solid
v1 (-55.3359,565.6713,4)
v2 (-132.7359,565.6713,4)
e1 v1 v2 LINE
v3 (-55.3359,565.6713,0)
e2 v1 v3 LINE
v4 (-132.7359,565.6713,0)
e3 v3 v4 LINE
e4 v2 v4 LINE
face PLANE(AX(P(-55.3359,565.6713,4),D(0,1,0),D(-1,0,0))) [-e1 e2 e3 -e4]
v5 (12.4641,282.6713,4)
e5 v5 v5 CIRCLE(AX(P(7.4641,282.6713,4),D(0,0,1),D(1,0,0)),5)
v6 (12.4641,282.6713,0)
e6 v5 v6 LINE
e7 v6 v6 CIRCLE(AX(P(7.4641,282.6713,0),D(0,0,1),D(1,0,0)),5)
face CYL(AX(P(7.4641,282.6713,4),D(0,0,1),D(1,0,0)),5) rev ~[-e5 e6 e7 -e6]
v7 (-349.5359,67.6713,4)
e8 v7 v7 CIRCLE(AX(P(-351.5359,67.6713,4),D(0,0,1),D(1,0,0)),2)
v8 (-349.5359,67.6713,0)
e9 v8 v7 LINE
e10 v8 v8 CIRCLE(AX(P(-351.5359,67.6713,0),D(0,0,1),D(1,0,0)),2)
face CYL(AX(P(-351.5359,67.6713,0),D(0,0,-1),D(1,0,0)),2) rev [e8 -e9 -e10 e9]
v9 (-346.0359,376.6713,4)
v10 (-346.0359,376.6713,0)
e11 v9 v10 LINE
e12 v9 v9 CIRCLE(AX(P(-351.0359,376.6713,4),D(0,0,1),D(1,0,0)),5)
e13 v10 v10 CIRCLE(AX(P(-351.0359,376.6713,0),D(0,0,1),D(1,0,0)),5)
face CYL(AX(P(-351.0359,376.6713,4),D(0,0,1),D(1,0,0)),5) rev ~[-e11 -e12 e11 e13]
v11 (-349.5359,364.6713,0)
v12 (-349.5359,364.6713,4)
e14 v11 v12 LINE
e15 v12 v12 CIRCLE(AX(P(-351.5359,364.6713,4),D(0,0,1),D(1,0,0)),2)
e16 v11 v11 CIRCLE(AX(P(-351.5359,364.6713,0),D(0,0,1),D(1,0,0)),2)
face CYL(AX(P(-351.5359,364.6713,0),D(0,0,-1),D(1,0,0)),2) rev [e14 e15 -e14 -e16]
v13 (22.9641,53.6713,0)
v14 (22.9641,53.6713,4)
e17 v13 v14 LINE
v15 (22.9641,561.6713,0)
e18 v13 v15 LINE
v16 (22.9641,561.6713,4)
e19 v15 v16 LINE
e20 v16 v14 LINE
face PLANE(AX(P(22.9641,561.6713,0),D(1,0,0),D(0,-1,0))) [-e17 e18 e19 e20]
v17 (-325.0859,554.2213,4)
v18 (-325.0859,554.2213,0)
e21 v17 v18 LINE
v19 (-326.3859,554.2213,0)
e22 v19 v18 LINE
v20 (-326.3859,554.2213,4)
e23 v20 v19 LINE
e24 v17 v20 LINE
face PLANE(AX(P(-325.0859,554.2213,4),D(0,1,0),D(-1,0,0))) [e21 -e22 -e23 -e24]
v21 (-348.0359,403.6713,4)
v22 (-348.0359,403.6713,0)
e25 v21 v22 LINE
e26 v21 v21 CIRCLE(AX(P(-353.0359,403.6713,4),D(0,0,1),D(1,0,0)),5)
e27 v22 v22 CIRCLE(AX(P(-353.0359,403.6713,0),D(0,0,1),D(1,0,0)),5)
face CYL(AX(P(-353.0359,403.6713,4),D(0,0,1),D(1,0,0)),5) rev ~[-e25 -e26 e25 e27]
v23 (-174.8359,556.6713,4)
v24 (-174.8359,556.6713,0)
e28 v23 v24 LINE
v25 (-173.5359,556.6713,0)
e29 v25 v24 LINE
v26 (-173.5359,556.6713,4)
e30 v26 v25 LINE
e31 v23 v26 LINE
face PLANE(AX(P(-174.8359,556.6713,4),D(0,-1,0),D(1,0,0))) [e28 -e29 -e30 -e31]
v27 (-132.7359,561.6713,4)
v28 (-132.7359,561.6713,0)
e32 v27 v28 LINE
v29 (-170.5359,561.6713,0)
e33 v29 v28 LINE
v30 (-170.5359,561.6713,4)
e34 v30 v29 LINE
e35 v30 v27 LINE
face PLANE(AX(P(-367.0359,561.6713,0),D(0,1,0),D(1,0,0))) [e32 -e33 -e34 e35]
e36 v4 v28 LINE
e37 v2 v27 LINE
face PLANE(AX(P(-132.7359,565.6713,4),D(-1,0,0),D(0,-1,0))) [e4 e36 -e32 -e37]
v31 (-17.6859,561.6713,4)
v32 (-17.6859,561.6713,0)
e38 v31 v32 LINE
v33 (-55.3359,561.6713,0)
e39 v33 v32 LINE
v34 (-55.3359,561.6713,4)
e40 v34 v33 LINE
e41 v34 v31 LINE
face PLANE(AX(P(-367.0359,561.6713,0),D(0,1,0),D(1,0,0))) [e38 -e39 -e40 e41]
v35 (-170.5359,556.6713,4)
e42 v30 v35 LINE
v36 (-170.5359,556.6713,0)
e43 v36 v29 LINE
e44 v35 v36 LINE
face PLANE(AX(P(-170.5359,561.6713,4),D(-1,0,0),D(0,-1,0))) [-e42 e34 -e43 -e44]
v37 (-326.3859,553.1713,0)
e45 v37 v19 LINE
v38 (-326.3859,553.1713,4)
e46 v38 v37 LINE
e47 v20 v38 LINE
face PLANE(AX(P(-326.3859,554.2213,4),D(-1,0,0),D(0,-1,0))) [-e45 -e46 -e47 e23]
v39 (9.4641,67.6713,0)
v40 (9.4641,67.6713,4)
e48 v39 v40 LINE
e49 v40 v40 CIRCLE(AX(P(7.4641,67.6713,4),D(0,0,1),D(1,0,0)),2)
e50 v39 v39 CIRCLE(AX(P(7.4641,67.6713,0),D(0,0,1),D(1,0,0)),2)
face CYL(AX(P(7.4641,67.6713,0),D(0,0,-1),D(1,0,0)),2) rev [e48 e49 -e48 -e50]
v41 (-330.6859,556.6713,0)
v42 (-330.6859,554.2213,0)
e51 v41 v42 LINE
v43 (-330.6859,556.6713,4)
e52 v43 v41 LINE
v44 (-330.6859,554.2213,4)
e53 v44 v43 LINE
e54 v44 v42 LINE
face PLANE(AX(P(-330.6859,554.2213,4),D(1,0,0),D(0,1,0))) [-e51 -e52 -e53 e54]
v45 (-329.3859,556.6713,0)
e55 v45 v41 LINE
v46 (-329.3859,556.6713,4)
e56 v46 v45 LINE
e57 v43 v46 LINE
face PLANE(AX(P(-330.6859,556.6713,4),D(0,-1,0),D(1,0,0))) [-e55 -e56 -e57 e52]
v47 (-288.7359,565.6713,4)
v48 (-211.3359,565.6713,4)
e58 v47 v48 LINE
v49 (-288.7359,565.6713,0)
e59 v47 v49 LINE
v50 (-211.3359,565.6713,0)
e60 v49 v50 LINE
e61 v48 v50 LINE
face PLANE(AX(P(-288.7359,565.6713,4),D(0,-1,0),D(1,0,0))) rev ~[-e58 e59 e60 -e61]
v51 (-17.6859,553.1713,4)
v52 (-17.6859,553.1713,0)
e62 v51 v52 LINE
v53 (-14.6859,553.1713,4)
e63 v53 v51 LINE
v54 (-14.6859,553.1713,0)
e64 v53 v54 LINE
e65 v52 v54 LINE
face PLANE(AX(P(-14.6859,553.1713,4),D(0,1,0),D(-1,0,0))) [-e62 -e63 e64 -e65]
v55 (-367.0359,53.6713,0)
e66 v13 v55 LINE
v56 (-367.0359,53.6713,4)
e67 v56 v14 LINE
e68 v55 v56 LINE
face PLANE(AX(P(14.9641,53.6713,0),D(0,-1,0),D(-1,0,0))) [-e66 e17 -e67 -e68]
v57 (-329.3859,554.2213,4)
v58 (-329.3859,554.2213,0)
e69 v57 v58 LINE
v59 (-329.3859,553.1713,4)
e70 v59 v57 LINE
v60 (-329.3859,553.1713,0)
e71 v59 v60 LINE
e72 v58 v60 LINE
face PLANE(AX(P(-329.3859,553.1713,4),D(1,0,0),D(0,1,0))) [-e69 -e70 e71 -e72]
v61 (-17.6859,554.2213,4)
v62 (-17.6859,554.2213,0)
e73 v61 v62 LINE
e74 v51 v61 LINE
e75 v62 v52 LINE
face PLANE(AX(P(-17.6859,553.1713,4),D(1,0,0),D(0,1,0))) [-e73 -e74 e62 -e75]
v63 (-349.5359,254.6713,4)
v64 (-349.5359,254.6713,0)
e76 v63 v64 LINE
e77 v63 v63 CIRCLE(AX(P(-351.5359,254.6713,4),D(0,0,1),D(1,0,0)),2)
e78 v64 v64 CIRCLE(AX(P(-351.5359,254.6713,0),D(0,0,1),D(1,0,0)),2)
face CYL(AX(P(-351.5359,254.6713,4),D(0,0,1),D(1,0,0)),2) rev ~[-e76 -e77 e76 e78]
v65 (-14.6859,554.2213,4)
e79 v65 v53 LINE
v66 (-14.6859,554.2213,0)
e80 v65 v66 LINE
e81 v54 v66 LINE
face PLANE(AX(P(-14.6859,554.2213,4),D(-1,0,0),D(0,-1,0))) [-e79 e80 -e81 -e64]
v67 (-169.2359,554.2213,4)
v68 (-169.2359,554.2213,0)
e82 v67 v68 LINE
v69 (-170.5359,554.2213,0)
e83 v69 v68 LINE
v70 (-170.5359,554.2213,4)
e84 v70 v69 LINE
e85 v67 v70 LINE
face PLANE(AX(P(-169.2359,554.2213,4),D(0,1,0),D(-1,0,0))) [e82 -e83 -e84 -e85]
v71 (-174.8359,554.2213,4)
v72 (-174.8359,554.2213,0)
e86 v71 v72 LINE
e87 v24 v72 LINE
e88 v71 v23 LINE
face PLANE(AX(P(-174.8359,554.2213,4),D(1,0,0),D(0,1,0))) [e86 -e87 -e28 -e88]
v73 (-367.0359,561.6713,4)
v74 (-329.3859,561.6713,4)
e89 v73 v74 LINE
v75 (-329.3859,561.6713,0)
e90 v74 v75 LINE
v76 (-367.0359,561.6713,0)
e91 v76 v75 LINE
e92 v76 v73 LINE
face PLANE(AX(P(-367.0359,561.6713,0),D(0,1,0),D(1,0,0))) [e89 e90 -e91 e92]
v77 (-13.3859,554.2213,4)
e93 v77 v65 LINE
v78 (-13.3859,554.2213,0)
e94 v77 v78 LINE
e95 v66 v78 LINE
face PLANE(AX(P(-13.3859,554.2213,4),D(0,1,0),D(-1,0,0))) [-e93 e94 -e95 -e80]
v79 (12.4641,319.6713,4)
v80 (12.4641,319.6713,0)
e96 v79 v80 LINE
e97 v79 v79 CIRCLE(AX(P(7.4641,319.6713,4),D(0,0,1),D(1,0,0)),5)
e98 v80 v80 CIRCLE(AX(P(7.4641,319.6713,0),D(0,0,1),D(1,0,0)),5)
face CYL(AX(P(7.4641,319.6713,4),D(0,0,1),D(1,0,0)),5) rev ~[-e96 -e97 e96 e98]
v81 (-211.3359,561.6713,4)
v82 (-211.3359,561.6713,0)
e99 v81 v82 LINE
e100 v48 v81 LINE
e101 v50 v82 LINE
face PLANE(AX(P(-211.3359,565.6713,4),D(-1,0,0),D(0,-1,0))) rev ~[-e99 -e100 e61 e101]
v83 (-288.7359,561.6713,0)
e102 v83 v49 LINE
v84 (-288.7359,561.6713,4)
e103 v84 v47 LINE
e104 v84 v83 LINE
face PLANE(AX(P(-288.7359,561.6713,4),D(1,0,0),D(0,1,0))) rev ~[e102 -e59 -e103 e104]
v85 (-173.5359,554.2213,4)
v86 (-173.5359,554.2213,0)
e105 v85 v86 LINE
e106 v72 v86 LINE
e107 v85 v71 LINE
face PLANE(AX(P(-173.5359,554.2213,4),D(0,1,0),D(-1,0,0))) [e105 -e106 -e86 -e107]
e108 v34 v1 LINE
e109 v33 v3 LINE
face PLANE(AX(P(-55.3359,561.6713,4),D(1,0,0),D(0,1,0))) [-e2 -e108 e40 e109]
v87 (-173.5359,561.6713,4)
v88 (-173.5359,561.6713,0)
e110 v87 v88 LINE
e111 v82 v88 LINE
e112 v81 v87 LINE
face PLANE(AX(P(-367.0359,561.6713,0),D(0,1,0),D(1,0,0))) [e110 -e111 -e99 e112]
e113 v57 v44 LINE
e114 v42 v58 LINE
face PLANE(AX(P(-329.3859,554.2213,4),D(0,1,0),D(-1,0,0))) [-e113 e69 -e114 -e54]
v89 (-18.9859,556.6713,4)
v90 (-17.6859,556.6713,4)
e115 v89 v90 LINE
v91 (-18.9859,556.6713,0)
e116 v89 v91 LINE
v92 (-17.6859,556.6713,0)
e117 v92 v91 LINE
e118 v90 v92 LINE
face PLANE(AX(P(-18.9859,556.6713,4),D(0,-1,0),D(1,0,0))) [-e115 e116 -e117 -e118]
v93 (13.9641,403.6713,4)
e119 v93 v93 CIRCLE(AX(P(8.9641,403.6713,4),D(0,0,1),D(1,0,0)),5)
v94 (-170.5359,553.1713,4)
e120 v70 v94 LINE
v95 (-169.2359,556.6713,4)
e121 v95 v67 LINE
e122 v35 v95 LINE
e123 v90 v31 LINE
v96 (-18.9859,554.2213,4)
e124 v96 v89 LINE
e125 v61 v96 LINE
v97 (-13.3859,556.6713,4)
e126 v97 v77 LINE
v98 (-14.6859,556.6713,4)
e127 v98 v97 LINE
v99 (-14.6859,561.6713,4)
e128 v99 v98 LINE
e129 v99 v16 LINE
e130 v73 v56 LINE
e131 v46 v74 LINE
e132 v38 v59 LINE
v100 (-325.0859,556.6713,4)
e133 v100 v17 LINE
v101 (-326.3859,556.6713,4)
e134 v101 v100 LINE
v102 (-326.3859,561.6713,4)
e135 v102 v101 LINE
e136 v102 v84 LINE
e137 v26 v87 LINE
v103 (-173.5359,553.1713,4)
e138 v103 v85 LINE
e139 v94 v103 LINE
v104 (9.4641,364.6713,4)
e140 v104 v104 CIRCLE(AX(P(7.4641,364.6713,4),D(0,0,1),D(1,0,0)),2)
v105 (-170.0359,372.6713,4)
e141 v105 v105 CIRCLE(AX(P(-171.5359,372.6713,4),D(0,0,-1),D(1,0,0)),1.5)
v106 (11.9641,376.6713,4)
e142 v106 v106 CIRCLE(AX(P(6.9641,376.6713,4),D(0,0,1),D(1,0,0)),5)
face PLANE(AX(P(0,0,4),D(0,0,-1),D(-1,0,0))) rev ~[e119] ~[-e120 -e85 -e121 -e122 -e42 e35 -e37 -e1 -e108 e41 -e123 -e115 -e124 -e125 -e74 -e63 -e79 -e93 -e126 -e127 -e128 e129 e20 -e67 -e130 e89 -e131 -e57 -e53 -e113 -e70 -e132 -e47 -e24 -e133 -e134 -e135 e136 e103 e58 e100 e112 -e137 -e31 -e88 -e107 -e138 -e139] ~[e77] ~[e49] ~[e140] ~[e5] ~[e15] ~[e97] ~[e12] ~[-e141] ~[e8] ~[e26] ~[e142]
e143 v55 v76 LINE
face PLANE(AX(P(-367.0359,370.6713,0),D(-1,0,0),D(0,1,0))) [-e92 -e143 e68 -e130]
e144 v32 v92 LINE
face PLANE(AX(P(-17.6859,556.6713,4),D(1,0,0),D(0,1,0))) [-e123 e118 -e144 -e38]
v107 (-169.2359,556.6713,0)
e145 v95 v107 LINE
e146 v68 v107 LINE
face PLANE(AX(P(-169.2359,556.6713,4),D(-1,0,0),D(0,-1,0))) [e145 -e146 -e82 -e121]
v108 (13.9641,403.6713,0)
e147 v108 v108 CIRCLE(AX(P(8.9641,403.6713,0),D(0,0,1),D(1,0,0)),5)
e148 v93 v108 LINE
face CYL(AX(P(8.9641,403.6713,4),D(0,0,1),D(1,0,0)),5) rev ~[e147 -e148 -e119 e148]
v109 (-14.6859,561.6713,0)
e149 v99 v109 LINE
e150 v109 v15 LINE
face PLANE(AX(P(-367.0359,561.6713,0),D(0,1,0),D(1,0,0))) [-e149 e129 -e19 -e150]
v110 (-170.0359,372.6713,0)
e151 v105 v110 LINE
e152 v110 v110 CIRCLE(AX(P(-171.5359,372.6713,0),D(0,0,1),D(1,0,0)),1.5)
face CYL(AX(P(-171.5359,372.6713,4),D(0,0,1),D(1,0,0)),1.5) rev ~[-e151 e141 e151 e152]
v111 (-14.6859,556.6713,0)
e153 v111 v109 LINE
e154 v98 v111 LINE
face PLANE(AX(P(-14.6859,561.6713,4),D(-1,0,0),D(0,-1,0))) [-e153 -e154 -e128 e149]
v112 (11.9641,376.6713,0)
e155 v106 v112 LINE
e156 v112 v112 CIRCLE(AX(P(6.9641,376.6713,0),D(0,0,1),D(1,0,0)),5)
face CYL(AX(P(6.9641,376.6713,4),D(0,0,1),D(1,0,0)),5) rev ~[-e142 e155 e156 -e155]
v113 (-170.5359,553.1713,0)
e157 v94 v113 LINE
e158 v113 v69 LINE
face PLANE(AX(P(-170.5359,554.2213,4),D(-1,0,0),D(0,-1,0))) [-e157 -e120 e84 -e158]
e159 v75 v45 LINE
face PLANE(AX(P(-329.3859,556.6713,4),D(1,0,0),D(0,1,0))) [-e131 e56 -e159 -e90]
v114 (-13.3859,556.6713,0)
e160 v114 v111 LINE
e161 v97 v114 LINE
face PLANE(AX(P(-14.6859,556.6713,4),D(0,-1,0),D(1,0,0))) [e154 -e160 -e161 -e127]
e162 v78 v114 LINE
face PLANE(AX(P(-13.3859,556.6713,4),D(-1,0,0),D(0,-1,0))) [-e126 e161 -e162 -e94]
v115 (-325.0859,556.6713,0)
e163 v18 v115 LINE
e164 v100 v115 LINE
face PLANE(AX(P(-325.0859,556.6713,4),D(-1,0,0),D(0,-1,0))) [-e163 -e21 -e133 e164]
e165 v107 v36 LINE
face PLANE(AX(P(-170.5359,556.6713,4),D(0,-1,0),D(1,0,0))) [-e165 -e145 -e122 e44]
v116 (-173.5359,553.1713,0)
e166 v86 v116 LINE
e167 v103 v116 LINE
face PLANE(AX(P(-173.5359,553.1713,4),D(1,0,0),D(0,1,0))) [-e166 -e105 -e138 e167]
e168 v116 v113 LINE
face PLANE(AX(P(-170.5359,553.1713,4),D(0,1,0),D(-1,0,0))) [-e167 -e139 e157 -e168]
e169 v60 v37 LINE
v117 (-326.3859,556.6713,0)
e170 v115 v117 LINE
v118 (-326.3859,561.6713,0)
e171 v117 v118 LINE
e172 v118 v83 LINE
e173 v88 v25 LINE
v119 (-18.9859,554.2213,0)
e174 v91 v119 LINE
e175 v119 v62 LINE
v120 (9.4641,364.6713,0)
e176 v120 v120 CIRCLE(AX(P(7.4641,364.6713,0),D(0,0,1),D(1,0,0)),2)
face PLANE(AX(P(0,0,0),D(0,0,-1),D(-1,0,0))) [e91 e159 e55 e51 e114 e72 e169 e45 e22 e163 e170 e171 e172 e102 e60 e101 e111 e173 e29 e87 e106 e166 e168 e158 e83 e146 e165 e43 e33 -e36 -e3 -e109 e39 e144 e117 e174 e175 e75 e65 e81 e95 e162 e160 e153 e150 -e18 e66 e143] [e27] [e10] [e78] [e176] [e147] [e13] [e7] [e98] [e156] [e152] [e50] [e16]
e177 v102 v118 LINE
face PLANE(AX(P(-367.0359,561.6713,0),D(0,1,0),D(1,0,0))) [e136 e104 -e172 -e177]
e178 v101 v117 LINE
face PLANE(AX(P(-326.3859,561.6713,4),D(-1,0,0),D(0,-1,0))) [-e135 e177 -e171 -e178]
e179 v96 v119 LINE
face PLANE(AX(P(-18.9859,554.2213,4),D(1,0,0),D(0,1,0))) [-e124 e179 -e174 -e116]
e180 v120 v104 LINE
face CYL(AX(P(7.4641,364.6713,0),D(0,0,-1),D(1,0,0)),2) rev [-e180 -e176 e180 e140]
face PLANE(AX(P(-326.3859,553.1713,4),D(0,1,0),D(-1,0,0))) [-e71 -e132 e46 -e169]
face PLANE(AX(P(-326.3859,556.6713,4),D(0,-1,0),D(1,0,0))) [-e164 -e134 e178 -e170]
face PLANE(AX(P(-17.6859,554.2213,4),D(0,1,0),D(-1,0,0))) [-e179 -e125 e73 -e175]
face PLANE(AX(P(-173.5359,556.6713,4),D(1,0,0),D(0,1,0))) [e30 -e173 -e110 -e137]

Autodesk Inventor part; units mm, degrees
ref_plane "YZ Plane" through (0, 0, 0) normal (1, 0, 0) x (0, 1, 0)
ref_plane "XZ Plane" through (0, 0, 0) normal (0, 1, 0) x (-1, 0, 0)
ref_plane "XY Plane" through (0, 0, 0) normal (0, 0, 1) x (1, 0, 0)
sketch "Эскиз1" plane through (0, 0, 0) normal (0, 0, 1) x (1, 0, 0)
  circle A0 centre (7.4641, 67.6713) radius 2
  circle A1 centre (7.4641, 364.6713) radius 2
  circle A2 centre (-351.5359, 364.6713) radius 2
  circle A3 centre (-351.5359, 67.6713) radius 2
  line L0 (-359.0359, 370.6713) -> (14.9641, 370.6713)
  line L1 (14.9641, 370.6713) -> (14.9641, 53.6713)
  line L2 (14.9641, 53.6713) -> (-359.0359, 53.6713)
  line L3 (-359.0359, 53.6713) -> (-359.0359, 370.6713)
  line L4 (-359.0359, 370.6713) -> (-367.0359, 370.6713)
  line L5 (-367.0359, 370.6713) -> (-367.0359, 53.6713)
  line L6 (-367.0359, 53.6713) -> (-359.0359, 53.6713)
  line L7 (-359.0359, 53.6713) -> (-359.0359, 370.6713)
  line L8 (14.9641, 370.6713) -> (22.9641, 370.6713)
  line L9 (22.9641, 370.6713) -> (22.9641, 53.6713)
  line L10 (22.9641, 53.6713) -> (14.9641, 53.6713)
  line L11 (14.9641, 53.6713) -> (14.9641, 370.6713)
  dimension "d4" = 374
  dimension "d6" = 317
  dimension "d7" = 14
  dimension "d40" = 7.5
  dimension "d41" = 297
  dimension "d42" = 7.5
  dimension "d43" = 7.5
  dimension "d44" = 297
  dimension "d45" = 6
  dimension "d46" = 359
  dimension "d47" = 14
  dimension "d48" = 359
  dimension "d66" = 8
  dimension "d67" = 8
  dimension "d68" = 390
  dimension "d92" = 4
  dimension "d93" = 4
  dimension "d94" = 4
  dimension "d95" = 4
extrude "Выдавливание1" add sketch "Эскиз1" along normal blind 4
sketch "Эскиз3" plane through (0, 0, 4) normal (0, 0, 1) x (1, 0, 0)
  circle A0 centre (7.4641, 319.6713) radius 5
  circle A1 centre (7.4641, 282.6713) radius 5
  circle A2 centre (-351.5359, 254.6713) radius 2
  point P0 (0, 0)
  dimension "d96" = 10
  dimension "d97" = 10
sketch "Эскиз4" plane through (0, 0, 4) normal (0, 0, 1) x (1, 0, 0)
  circle A0 centre (-171.5359, 372.6713) radius 1.5
  line L0 (-182.5359, 370.6713) -> (-179.0359, 378.6713)
  line L1 (-179.0359, 378.6713) -> (-164.0359, 378.6713)
  line L2 (-164.0359, 378.6713) -> (-160.5359, 370.6713)
  line L3 (22.9641, 370.6713) -> (-367.0359, 370.6713)
  line L4 (-171.5359, 372.6713) -> (-171.5359, 378.6713)
  circle A1 centre (-171.5359, 372.6713) radius 1.5
  point P0 (0, 0)
  point P1 (10.9641, 370.6713)
  point P2 (-363.0359, 370.6713)
  dimension "d49" = 8
  dimension "d50" = 22
  dimension "d51" = 15
sketch "Эскиз5" plane through (0, 0, 0) normal (0, 0, -1) x (-1, 0, 0)
  line L0 (-22.9641, 370.6713) -> (367.0359, 370.6713)
  line L1 (-22.9641, 370.6713) -> (367.0359, 370.6713)
  line L2 (367.0359, 370.6713) -> (367.0359, 561.6713)
  line L3 (367.0359, 561.6713) -> (-22.9641, 561.6713)
  line L4 (-22.9641, 561.6713) -> (-22.9641, 370.6713)
  line L5 (367.0359, 370.6713) -> (367.0359, 53.6713)
  line L6 (-22.9641, 53.6713) -> (-22.9641, 370.6713)
  point P0 (0, 0)
  point P1 (363.0359, 370.6713)
  dimension "d69" = 390
  dimension "d70" = 191
extrude "Выдавливание4" add sketch "Эскиз5" against normal blind 4
extrude "Выдавливание5" cut sketch "Эскиз3" against normal blind 4
extrude "Выдавливание6" cut sketch "Эскиз4" against normal blind 5 contours A0
sketch "Эскиз7" plane through (0, 0, 4) normal (0, 0, 1) x (1, 0, 0)
  circle A0 centre (-353.0359, 403.6713) radius 3.75 construction
  circle A1 centre (-351.0359, 376.6713) radius 3.75 construction
  circle A2 centre (8.9641, 403.6713) radius 3.75 construction
  circle A3 centre (6.9641, 376.6713) radius 3.75 construction
  circle A4 centre (8.9641, 403.6713) radius 5
  circle A5 centre (6.9641, 376.6713) radius 5
  circle A6 centre (-353.0359, 403.6713) radius 5
  circle A7 centre (-351.0359, 376.6713) radius 5
  point P0 (0, 0)
  dimension "d71" = 10
  dimension "d72" = 10
  dimension "d73" = 10
  dimension "d74" = 10
extrude "Выдавливание8" cut sketch "Эскиз7" against normal blind 10
sketch "Эскиз8" plane through (0, 0, 4) normal (0, 0, 1) x (1, 0, 0)
  line L0 (-367.0359, 53.6713) -> (-367.0359, 561.6713)
  line L1 (-367.0359, 561.6713) -> (-289.0359, 561.6713)
  line L2 (-289.0359, 561.6713) -> (-289.0359, 565.6713)
  line L3 (-289.0359, 565.6713) -> (-367.0359, 565.6713)
  line L4 (-367.0359, 565.6713) -> (-367.0359, 561.6713)
  line L5 (-367.0359, 561.6713) -> (22.9641, 561.6713)
  line L6 (-288.7359, 565.6713) -> (-211.3359, 565.6713)
  line L7 (-211.3359, 565.6713) -> (-211.3359, 561.6713)
  line L8 (-211.3359, 561.6713) -> (-288.7359, 561.6713)
  line L9 (-288.7359, 561.6713) -> (-288.7359, 565.6713)
  line L10 (-211.0359, 565.6713) -> (-133.0359, 565.6713)
  line L11 (-133.0359, 565.6713) -> (-133.0359, 561.6713)
  line L12 (-133.0359, 561.6713) -> (-211.0359, 561.6713)
  line L13 (-211.0359, 561.6713) -> (-211.0359, 565.6713)
  line L14 (22.9641, 561.6713) -> (-367.0359, 561.6713)
  line L15 (-132.7359, 561.6713) -> (-55.3359, 561.6713)
  line L16 (-55.3359, 561.6713) -> (-55.3359, 565.6713)
  line L17 (-55.3359, 565.6713) -> (-132.7359, 565.6713)
  line L18 (-132.7359, 565.6713) -> (-132.7359, 561.6713)
  line L19 (22.9641, 561.6713) -> (-55.0359, 561.6713)
  line L20 (-55.0359, 561.6713) -> (-55.0359, 565.6713)
  line L21 (-55.0359, 565.6713) -> (22.9641, 565.6713)
  line L22 (22.9641, 565.6713) -> (22.9641, 561.6713)
  point P0 (0, 0)
  dimension "d77" = 78
  dimension "d78" = 4
  dimension "d79" = 4
  dimension "d80" = 0.3
  dimension "d81" = 0.3
  dimension "d82" = 77.4
  dimension "d83" = 78
  dimension "d84" = 0.3
  dimension "d85" = 4
  dimension "d86" = 77.4
  dimension "d87" = 4
  dimension "d88" = 0.3
  dimension "d89" = 78
extrude "Выдавливание9" add sketch "Эскиз8" against normal blind 4 contours L18 L17 L16 L5 | L9 L6 L7 L5
sketch "Эскиз10" plane through (0, 0, 4) normal (0, 0, 1) x (1, 0, 0)
  line L0 (-329.3859, 556.6713) -> (-329.3859, 561.6713)
  line L1 (-330.6859, 556.6713) -> (-329.3859, 556.6713)
  line L2 (-330.6859, 554.2213) -> (-330.6859, 556.6713)
  line L3 (-329.3859, 554.2213) -> (-330.6859, 554.2213)
  line L4 (-326.3859, 553.1713) -> (-329.3859, 553.1713)
  line L5 (-329.3859, 553.1713) -> (-329.3859, 554.2213)
  line L6 (-326.3859, 554.2213) -> (-326.3859, 553.1713)
  line L7 (-325.0859, 554.2213) -> (-326.3859, 554.2213)
  line L8 (-325.0859, 556.6713) -> (-325.0859, 554.2213)
  line L9 (-326.3859, 556.6713) -> (-325.0859, 556.6713)
  line L10 (-326.3859, 561.6713) -> (-326.3859, 556.6713)
  line L11 (-173.5359, 556.6713) -> (-173.5359, 561.6713)
  line L12 (-170.5359, 561.6713) -> (-170.5359, 556.6713)
  line L13 (-174.8359, 556.6713) -> (-173.5359, 556.6713)
  line L14 (-174.8359, 554.2213) -> (-174.8359, 556.6713)
  line L15 (-173.5359, 554.2213) -> (-174.8359, 554.2213)
  line L16 (-173.5359, 553.1713) -> (-173.5359, 554.2213)
  line L17 (-170.5359, 553.1713) -> (-173.5359, 553.1713)
  circle A0 centre (-353.0359, 403.6713) radius 5
  circle A1 centre (8.9641, 403.6713) radius 5
  circle A2 centre (6.9641, 376.6713) radius 5
  circle A3 centre (-351.0359, 376.6713) radius 5
  circle A4 centre (-171.5359, 372.6713) radius 1.5
  circle A5 centre (7.4641, 319.6713) radius 5
  circle A6 centre (-351.5359, 254.6713) radius 2
  circle A7 centre (7.4641, 282.6713) radius 5
  circle A8 centre (-351.5359, 67.6713) radius 2
  circle A9 centre (-351.5359, 364.6713) radius 2
  circle A10 centre (7.4641, 364.6713) radius 2
  circle A11 centre (7.4641, 67.6713) radius 2
  line L18 (-367.0359, 561.6713) -> (-367.0359, 53.6713)
  line L19 (-367.0359, 53.6713) -> (22.9641, 53.6713)
  line L20 (22.9641, 53.6713) -> (22.9641, 561.6713)
  line L21 (22.9641, 561.6713) -> (-55.3359, 561.6713)
  line L22 (-55.3359, 561.6713) -> (-55.3359, 565.6713)
  line L23 (-55.3359, 565.6713) -> (-132.7359, 565.6713)
  line L24 (-132.7359, 565.6713) -> (-132.7359, 561.6713)
  line L25 (-132.7359, 561.6713) -> (-211.3359, 561.6713)
  line L26 (-211.3359, 561.6713) -> (-211.3359, 565.6713)
  line L27 (-211.3359, 565.6713) -> (-288.7359, 565.6713)
  line L28 (-288.7359, 565.6713) -> (-288.7359, 561.6713)
  line L29 (-288.7359, 561.6713) -> (-367.0359, 561.6713)
  line L30 (-169.2359, 554.2213) -> (-170.5359, 554.2213)
  line L31 (-169.2359, 556.6713) -> (-169.2359, 554.2213)
  line L32 (-170.5359, 556.6713) -> (-169.2359, 556.6713)
  line L33 (-170.5359, 554.2213) -> (-170.5359, 553.1713)
  line L34 (-17.6859, 556.6713) -> (-17.6859, 561.6713)
  line L35 (-14.6859, 561.6713) -> (-14.6859, 556.6713)
  line L36 (-14.6859, 556.6713) -> (-13.3859, 556.6713)
  line L37 (-13.3859, 556.6713) -> (-13.3859, 554.2213)
  line L38 (-13.3859, 554.2213) -> (-14.6859, 554.2213)
  line L39 (-14.6859, 554.2213) -> (-14.6859, 553.1713)
  line L40 (-14.6859, 553.1713) -> (-17.6859, 553.1713)
  line L41 (-17.6859, 553.1713) -> (-17.6859, 554.2213)
  line L42 (-17.6859, 554.2213) -> (-18.9859, 554.2213)
  line L43 (-18.9859, 554.2213) -> (-18.9859, 556.6713)
  line L44 (-18.9859, 556.6713) -> (-17.6859, 556.6713)
  line L45 (-17.6859, 561.6713) -> (-14.6859, 561.6713)
  line L46 (-55.3359, 561.6713) -> (22.9641, 561.6713)
  line L47 (-173.5359, 561.6713) -> (-170.5359, 561.6713)
  line L48 (-329.3859, 561.6713) -> (-326.3859, 561.6713)
  line L49 (-288.7359, 561.6713) -> (-367.0359, 561.6713)
  point P0 (0, 0)
  dimension "d100" = 1.3
  dimension "d101" = 1.3
  dimension "d102" = 1.3
  dimension "d103" = 1.3
  dimension "d104" = 1.3
  dimension "d105" = 1.3
  dimension "d106" = 5
  dimension "d107" = 1.3
  dimension "d108" = 2.45
  dimension "d109" = 8.5
  dimension "d110" = 8.5
  dimension "d111" = 8.5
extrude "Выдавливание10" cut sketch "Эскиз10" against normal blind 10 contours L0 L29 L10 L9 L8 L7 L6 L4 L5 L3 L2 L1 | L35 L36 L37 L38 L39 L40 L41 L42 L43 L44 L34 L21 | L25 L12 L32 L31 L30 L33 L17 L16 L15 L14 L13 L11
properties part number "задняя  панель new"
